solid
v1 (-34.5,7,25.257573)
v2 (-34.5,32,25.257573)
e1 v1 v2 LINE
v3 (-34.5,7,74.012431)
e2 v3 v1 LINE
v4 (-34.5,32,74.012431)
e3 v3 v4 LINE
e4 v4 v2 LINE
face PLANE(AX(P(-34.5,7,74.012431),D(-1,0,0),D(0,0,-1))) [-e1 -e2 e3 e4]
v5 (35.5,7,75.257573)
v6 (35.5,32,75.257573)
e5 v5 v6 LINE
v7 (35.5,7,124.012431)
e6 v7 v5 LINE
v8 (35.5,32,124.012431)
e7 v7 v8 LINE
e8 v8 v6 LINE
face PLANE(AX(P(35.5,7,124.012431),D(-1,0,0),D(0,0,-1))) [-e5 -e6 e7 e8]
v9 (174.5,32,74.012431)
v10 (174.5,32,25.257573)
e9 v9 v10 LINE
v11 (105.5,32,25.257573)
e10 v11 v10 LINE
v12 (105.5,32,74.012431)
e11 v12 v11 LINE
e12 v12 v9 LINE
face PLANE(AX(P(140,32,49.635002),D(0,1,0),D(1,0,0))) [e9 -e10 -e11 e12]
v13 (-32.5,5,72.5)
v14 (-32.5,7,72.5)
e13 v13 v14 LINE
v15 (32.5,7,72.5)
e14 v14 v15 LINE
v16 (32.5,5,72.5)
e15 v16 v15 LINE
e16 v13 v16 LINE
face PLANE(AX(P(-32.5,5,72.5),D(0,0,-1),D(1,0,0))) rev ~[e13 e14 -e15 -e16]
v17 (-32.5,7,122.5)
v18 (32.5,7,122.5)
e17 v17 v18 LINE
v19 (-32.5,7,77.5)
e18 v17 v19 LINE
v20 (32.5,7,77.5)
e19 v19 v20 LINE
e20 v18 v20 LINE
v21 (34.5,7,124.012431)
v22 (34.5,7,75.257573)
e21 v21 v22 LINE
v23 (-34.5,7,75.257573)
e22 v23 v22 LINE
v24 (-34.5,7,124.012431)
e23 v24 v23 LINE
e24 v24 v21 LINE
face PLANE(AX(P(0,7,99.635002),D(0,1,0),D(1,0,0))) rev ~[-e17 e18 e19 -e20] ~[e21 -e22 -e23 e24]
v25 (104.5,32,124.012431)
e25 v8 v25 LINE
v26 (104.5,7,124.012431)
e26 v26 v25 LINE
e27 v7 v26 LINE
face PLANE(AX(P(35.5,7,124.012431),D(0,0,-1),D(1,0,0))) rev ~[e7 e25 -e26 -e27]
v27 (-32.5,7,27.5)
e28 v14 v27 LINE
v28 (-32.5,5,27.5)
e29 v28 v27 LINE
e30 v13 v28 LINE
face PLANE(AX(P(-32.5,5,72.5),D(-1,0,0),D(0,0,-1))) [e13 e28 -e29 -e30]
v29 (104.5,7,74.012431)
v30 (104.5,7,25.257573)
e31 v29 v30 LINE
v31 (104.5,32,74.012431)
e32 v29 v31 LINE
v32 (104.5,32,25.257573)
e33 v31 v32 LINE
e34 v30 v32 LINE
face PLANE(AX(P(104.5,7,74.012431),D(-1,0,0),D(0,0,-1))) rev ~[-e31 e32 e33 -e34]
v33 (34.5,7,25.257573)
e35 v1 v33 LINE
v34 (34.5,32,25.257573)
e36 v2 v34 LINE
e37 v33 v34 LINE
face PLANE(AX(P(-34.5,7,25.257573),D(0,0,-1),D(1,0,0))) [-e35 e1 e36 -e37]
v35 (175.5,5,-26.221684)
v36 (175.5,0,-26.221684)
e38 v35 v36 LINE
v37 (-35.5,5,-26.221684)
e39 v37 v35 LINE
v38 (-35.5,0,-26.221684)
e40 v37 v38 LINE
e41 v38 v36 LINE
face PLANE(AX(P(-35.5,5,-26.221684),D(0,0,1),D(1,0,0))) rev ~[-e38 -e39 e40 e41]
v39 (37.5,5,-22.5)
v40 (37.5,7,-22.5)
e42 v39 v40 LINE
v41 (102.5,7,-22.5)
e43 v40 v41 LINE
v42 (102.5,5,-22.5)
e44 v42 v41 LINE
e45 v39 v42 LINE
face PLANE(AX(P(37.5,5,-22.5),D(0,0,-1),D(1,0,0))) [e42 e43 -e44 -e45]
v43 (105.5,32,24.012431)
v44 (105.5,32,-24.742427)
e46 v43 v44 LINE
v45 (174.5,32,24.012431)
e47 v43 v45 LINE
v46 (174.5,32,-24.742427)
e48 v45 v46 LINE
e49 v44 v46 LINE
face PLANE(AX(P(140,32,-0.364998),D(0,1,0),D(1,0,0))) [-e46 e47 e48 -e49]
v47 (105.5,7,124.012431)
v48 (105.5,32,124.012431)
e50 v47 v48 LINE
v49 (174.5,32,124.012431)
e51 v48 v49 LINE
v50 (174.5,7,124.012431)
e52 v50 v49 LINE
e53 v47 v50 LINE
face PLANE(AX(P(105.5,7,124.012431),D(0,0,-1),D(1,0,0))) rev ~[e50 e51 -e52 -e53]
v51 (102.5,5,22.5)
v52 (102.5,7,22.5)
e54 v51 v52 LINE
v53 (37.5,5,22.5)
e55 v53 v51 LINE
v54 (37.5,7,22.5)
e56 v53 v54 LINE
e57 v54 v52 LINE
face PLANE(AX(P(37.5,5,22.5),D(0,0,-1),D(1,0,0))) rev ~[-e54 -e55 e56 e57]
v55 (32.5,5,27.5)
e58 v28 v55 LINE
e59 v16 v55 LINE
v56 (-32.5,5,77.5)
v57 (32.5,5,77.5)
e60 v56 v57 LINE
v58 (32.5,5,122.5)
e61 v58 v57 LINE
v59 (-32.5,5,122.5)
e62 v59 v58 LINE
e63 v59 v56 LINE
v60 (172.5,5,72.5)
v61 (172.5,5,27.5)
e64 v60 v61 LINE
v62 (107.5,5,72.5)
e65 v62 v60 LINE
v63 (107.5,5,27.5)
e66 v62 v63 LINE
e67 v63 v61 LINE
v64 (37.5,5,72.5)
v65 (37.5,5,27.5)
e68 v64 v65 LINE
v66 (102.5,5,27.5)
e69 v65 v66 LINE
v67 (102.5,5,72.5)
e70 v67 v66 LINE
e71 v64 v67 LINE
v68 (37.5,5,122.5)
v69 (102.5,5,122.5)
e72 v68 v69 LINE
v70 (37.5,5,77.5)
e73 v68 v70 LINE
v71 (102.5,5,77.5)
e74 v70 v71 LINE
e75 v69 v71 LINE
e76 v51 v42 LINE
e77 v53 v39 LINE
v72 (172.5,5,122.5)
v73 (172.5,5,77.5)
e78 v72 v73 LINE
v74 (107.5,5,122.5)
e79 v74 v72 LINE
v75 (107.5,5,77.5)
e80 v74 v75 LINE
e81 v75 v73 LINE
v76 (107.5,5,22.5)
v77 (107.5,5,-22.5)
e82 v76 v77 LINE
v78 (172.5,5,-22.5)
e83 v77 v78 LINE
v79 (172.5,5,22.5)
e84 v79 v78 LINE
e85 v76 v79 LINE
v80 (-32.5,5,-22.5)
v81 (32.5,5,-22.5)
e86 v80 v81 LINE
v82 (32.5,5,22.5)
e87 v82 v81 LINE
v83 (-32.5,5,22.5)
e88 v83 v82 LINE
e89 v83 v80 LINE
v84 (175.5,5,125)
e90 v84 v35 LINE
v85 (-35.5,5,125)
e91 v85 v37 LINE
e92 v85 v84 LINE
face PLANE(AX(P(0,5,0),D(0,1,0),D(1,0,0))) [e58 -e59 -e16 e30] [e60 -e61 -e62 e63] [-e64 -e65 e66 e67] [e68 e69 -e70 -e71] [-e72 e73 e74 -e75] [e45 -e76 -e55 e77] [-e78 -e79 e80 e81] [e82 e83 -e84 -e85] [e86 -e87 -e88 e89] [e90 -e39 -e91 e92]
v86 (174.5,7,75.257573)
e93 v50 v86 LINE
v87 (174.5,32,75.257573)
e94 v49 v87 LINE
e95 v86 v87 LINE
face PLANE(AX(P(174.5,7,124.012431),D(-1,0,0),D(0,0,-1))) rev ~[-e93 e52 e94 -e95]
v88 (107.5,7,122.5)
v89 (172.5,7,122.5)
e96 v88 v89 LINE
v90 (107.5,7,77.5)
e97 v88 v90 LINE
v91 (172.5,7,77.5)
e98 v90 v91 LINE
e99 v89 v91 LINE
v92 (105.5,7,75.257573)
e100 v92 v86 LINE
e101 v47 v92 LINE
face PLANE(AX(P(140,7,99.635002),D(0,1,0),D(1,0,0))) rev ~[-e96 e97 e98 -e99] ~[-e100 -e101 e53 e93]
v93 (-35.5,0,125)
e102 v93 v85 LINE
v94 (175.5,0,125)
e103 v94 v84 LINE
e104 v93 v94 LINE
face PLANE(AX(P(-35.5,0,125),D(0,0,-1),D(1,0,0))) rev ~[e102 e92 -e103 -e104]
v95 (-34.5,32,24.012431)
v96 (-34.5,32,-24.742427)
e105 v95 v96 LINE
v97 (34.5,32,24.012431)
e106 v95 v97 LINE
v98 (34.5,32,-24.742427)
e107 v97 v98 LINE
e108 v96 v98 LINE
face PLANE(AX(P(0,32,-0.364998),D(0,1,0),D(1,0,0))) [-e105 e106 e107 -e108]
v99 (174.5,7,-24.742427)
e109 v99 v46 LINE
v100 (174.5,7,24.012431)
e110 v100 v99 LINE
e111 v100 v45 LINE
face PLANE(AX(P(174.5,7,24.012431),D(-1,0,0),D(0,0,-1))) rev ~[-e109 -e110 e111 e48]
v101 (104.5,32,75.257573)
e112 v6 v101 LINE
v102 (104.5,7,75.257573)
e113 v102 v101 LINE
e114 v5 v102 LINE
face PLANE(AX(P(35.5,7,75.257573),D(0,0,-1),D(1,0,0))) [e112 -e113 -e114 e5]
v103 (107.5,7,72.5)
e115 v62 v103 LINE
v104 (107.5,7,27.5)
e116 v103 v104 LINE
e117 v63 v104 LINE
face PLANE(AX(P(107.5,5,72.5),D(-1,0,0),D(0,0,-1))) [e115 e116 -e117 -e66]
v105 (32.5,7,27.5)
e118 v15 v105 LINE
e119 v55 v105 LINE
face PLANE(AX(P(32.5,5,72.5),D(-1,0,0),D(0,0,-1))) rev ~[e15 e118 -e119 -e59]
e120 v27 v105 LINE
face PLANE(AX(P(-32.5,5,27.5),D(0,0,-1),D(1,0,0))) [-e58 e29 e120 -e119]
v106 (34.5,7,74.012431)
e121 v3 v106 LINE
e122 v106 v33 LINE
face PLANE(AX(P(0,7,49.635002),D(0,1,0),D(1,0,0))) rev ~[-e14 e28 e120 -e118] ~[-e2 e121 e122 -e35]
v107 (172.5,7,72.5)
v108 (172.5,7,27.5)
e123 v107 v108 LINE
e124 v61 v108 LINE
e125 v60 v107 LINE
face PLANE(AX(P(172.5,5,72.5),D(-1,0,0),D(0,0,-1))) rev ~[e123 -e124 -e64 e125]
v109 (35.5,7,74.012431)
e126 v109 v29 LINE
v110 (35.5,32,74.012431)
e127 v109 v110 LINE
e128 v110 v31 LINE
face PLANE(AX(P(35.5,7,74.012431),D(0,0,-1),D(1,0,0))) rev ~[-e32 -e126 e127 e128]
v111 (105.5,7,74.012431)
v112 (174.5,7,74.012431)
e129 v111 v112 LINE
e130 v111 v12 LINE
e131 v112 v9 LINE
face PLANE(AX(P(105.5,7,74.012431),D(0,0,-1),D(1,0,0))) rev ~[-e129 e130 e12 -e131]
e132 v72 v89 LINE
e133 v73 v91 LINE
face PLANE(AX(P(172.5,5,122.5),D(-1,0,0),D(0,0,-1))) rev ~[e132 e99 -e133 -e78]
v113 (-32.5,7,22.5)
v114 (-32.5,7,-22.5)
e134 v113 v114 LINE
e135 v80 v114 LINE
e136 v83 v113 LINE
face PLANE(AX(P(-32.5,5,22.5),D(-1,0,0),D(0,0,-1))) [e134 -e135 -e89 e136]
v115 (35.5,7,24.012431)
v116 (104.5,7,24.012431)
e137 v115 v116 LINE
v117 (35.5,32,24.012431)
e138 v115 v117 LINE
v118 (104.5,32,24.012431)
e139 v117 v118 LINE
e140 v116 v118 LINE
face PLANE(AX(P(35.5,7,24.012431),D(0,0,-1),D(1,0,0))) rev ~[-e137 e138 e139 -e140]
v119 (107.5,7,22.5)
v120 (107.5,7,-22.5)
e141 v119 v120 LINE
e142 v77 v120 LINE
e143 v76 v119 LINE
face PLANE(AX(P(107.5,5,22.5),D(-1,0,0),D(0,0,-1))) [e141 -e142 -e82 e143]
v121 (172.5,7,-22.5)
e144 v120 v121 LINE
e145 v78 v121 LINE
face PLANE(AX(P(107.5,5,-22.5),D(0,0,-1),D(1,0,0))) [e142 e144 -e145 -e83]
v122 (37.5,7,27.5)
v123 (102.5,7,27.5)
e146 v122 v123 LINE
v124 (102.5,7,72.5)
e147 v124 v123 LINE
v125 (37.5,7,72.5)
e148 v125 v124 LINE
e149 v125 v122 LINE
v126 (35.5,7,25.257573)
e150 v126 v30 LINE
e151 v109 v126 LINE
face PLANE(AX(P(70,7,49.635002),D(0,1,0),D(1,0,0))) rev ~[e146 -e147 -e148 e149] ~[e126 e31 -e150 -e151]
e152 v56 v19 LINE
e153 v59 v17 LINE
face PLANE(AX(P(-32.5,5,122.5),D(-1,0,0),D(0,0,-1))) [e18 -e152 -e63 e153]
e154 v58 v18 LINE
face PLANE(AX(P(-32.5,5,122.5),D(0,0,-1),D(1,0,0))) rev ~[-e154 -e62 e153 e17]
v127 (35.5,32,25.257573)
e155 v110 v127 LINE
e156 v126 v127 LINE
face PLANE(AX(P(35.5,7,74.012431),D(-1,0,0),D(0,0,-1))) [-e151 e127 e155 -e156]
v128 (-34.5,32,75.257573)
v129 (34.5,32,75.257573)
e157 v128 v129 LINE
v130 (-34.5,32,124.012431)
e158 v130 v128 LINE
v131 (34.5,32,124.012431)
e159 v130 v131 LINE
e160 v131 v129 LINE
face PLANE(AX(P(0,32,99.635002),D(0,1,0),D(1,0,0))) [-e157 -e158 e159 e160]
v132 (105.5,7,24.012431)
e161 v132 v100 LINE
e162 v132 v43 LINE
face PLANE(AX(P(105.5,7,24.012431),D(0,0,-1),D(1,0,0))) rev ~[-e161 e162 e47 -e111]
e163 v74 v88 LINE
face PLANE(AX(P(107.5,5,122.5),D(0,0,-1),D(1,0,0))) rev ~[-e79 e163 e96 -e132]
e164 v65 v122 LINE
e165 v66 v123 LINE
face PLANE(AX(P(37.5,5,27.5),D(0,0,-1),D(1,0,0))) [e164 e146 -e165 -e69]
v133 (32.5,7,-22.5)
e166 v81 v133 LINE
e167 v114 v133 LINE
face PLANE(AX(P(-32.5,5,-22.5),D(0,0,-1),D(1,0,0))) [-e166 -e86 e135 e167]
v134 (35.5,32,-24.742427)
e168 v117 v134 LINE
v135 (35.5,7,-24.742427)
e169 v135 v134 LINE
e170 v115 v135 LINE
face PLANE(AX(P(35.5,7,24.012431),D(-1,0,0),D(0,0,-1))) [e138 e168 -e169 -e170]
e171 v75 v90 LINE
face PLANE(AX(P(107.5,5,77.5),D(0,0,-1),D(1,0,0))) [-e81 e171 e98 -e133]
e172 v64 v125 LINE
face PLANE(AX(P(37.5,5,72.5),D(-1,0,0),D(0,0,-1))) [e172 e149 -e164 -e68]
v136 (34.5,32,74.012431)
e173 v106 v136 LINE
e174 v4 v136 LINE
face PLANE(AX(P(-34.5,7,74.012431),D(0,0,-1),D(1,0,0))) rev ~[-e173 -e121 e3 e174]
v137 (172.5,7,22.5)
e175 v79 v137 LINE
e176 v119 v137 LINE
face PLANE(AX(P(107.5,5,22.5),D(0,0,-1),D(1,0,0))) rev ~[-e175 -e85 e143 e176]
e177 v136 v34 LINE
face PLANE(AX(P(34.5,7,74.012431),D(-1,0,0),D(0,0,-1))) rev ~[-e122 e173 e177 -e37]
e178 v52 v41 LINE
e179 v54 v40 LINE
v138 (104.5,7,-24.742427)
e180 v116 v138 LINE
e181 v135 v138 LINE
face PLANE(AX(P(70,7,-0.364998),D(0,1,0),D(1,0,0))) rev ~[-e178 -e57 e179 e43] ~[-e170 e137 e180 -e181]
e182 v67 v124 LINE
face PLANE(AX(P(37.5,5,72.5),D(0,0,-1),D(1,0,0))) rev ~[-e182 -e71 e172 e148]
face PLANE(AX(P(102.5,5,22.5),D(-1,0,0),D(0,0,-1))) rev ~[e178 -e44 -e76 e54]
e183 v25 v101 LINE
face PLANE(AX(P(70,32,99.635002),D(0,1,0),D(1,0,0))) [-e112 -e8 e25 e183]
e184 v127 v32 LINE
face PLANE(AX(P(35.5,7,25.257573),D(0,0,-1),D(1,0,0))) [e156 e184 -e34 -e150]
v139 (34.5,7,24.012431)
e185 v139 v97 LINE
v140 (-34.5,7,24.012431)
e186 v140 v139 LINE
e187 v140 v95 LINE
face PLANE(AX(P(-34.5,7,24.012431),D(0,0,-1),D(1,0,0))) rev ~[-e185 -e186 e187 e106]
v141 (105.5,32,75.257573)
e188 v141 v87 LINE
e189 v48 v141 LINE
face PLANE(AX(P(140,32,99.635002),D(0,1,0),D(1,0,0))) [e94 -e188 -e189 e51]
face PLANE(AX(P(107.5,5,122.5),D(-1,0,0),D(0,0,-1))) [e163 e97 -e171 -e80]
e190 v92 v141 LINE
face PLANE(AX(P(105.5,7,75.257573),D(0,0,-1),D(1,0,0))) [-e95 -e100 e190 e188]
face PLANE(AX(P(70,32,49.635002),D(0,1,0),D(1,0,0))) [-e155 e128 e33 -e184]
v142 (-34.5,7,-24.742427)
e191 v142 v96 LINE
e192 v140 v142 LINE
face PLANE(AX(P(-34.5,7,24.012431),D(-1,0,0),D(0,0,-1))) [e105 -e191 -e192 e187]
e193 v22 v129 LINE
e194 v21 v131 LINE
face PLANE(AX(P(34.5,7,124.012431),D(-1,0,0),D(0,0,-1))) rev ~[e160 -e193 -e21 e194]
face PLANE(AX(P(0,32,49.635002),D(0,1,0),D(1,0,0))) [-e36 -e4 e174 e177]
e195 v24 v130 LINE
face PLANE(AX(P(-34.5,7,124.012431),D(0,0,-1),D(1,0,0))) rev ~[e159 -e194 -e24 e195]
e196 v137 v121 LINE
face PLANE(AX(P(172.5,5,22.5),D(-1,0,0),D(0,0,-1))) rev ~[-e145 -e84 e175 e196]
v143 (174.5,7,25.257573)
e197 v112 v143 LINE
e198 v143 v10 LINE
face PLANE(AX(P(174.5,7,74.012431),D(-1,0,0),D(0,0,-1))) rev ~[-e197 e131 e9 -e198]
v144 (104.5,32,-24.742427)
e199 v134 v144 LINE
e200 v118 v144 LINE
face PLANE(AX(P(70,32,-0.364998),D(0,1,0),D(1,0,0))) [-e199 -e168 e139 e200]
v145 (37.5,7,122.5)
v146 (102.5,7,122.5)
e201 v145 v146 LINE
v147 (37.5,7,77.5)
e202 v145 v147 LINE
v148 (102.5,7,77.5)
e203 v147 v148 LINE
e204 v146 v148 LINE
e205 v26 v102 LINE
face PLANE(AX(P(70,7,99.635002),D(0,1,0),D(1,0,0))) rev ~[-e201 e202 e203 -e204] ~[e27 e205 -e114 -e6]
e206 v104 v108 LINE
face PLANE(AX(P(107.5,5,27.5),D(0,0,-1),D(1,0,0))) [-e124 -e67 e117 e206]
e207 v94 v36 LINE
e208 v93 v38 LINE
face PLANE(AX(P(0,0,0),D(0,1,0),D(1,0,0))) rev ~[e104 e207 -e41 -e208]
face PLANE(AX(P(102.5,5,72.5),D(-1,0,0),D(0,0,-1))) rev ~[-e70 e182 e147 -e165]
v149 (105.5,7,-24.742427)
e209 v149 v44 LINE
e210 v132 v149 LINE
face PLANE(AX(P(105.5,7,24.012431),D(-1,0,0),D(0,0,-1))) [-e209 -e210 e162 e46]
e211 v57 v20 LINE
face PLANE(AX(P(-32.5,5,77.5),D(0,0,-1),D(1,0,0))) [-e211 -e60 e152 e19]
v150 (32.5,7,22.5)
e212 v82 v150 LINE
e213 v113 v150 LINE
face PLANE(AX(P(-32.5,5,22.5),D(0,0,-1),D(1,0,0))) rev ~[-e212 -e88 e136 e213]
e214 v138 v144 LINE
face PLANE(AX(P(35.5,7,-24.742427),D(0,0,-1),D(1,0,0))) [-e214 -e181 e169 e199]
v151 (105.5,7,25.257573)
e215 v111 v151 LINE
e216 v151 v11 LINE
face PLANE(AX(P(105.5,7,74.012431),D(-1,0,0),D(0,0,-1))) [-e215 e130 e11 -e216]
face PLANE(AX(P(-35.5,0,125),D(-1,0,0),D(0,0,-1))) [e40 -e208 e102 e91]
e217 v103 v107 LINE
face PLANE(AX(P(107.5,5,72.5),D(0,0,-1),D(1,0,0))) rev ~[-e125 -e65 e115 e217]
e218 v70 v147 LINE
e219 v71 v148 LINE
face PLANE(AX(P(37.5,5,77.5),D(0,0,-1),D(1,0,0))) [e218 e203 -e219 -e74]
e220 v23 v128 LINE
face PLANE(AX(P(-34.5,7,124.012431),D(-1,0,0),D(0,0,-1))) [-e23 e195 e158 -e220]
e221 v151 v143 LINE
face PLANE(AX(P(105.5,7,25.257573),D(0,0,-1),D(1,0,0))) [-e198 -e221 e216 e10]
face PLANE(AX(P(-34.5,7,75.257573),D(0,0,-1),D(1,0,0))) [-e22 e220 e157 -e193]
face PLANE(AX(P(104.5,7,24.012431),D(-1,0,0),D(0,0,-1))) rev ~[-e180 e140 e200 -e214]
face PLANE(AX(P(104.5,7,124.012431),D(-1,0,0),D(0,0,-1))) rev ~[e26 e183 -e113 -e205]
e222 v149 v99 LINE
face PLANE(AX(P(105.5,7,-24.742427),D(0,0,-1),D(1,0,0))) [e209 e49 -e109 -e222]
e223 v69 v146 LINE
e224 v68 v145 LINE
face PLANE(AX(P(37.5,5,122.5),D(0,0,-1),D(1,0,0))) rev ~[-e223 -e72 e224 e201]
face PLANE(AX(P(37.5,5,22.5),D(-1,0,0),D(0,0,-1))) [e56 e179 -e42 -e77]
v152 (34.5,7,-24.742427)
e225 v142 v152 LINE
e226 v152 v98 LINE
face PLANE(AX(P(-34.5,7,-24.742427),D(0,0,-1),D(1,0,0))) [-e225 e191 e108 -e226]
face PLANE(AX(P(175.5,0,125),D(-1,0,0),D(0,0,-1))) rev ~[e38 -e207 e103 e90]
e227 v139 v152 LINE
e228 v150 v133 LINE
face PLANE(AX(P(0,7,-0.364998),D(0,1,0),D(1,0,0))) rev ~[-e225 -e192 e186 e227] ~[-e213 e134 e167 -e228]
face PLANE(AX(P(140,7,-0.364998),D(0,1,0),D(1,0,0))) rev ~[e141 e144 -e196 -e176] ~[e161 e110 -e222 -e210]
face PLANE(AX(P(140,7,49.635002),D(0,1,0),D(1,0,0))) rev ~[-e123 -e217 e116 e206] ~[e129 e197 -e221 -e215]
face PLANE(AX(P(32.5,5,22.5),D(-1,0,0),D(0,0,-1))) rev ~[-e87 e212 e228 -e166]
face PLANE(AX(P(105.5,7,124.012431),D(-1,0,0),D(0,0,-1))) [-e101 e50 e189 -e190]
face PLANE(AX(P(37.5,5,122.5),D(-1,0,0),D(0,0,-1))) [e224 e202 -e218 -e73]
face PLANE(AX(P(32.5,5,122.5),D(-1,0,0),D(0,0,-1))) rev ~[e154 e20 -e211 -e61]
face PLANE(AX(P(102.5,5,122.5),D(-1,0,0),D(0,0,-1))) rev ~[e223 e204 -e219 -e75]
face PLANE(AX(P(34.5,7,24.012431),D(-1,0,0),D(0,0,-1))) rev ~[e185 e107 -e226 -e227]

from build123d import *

# Parameters (mm, degrees)
SKETCH1_W                 = 71
SKETCH1_H                 = 250
BOSS_EXTRUDE1_DEPTH       = 5
SKETCH2_W                 = 65
SKETCH2_H                 = 45
BOSS_EXTRUDE3_DEPTH       = 2
LPATTERN1_COUNT           = 3
LPATTERN1_PITCH           = 50
SKETCH3_W                 = 69
SKETCH3_H                 = 48.754858224
BOSS_EXTRUDE8_DEPTH       = 25
LPATTERN5_COUNT           = 3
LPATTERN5_PITCH           = 50
LPATTERN6_COUNT           = 3
LPATTERN6_PITCH           = 70
LPATTERN6_COPY_1_SKETCH_W = 65
LPATTERN6_COPY_1_SKETCH_H = 45
LPATTERN6_COPY_1_DEPTH    = 2
LPATTERN6_COPY_2_SKETCH_W = 65
LPATTERN6_COPY_2_SKETCH_H = 45
LPATTERN6_COPY_2_DEPTH    = 2
LPATTERN6_COPY_3_SKETCH_W = 65
LPATTERN6_COPY_3_SKETCH_H = 45
LPATTERN6_COPY_3_DEPTH    = 2
LPATTERN6_COPY_4_SKETCH_W = 65
LPATTERN6_COPY_4_SKETCH_H = 45
LPATTERN6_COPY_4_DEPTH    = 2
LPATTERN6_COPY_5_SKETCH_W = 69
LPATTERN6_COPY_5_SKETCH_H = 48.754858224
LPATTERN6_COPY_5_DEPTH    = 25
LPATTERN6_COPY_6_SKETCH_W = 69
LPATTERN6_COPY_6_SKETCH_H = 48.754858224
LPATTERN6_COPY_6_DEPTH    = 25
LPATTERN6_COPY_7_SKETCH_W = 69
LPATTERN6_COPY_7_SKETCH_H = 48.754858224
LPATTERN6_COPY_7_DEPTH    = 25
LPATTERN6_COPY_8_SKETCH_W = 69
LPATTERN6_COPY_8_SKETCH_H = 48.754858224
LPATTERN6_COPY_8_DEPTH    = 25
SKETCH6_W                 = 211
SKETCH6_H                 = 98.778316014
CUT_EXTRUDE1_DEPTH        = 10


with BuildPart() as part:
    # Sketch1 → Boss-Extrude1 (new body)
    with BuildSketch(Plane(origin=(0, 0, 0), x_dir=(1, 0, 0), z_dir=(0, 1, 0))):
        Rectangle(SKETCH1_W, SKETCH1_H)
    boss_extrude1 = extrude(amount=BOSS_EXTRUDE1_DEPTH)

    # Sketch2 → Boss-Extrude3 (add)
    with BuildSketch(Plane(origin=(0, 5, 0), x_dir=(1, 0, 0), z_dir=(0, 1, 0))):
        with Locations((0, -100)):
            Rectangle(SKETCH2_W, SKETCH2_H)
    boss_extrude3 = extrude(amount=BOSS_EXTRUDE3_DEPTH)

    # LPattern1: Boss-Extrude3 ×3
    with Locations(*[(0, 0, -i * LPATTERN1_PITCH) for i in range(1, LPATTERN1_COUNT)]):
        add(boss_extrude3)

    # Sketch3 → Boss-Extrude8 (add)
    with BuildSketch(Plane(origin=(0, 7, 0), x_dir=(1, 0, 0), z_dir=(0, 1, 0))):
        with Locations((0, -99.635002086)):
            Rectangle(SKETCH3_W, SKETCH3_H)
    boss_extrude8 = extrude(amount=BOSS_EXTRUDE8_DEPTH)

    # LPattern5: Boss-Extrude8 ×3
    with Locations(*[(0, 0, -i * LPATTERN5_PITCH) for i in range(1, LPATTERN5_COUNT)]):
        add(boss_extrude8)

    # LPattern6: Boss-Extrude1, Boss-Extrude3, Boss-Extrude8 ×3
    with Locations(*[(i * LPATTERN6_PITCH, 0, 0) for i in range(1, LPATTERN6_COUNT)]):
        add(boss_extrude1)
        add(boss_extrude3)
        add(boss_extrude8)

    # LPattern6 copy 1 sketch → LPattern6 copy 1 (add)
    with BuildSketch(Plane(origin=(70, 5, -50), x_dir=(1, 0, 0), z_dir=(0, 1, 0))):
        with Locations((0, -100)):
            Rectangle(LPATTERN6_COPY_1_SKETCH_W, LPATTERN6_COPY_1_SKETCH_H)
    extrude(amount=LPATTERN6_COPY_1_DEPTH)

    # LPattern6 copy 2 sketch → LPattern6 copy 2 (add)
    with BuildSketch(Plane(origin=(140, 5, -50), x_dir=(1, 0, 0), z_dir=(0, 1, 0))):
        with Locations((0, -100)):
            Rectangle(LPATTERN6_COPY_2_SKETCH_W, LPATTERN6_COPY_2_SKETCH_H)
    extrude(amount=LPATTERN6_COPY_2_DEPTH)

    # LPattern6 copy 3 sketch → LPattern6 copy 3 (add)
    with BuildSketch(Plane(origin=(70, 5, -100), x_dir=(1, 0, 0), z_dir=(0, 1, 0))):
        with Locations((0, -100)):
            Rectangle(LPATTERN6_COPY_3_SKETCH_W, LPATTERN6_COPY_3_SKETCH_H)
    extrude(amount=LPATTERN6_COPY_3_DEPTH)

    # LPattern6 copy 4 sketch → LPattern6 copy 4 (add)
    with BuildSketch(Plane(origin=(140, 5, -100), x_dir=(1, 0, 0), z_dir=(0, 1, 0))):
        with Locations((0, -100)):
            Rectangle(LPATTERN6_COPY_4_SKETCH_W, LPATTERN6_COPY_4_SKETCH_H)
    extrude(amount=LPATTERN6_COPY_4_DEPTH)

    # LPattern6 copy 5 sketch → LPattern6 copy 5 (add)
    with BuildSketch(Plane(origin=(70, 7, -50), x_dir=(1, 0, 0), z_dir=(0, 1, 0))):
        with Locations((0, -99.635002086)):
            Rectangle(LPATTERN6_COPY_5_SKETCH_W, LPATTERN6_COPY_5_SKETCH_H)
    extrude(amount=LPATTERN6_COPY_5_DEPTH)

    # LPattern6 copy 6 sketch → LPattern6 copy 6 (add)
    with BuildSketch(Plane(origin=(140, 7, -50), x_dir=(1, 0, 0), z_dir=(0, 1, 0))):
        with Locations((0, -99.635002086)):
            Rectangle(LPATTERN6_COPY_6_SKETCH_W, LPATTERN6_COPY_6_SKETCH_H)
    extrude(amount=LPATTERN6_COPY_6_DEPTH)

    # LPattern6 copy 7 sketch → LPattern6 copy 7 (add)
    with BuildSketch(Plane(origin=(70, 7, -100), x_dir=(1, 0, 0), z_dir=(0, 1, 0))):
        with Locations((0, -99.635002086)):
            Rectangle(LPATTERN6_COPY_7_SKETCH_W, LPATTERN6_COPY_7_SKETCH_H)
    extrude(amount=LPATTERN6_COPY_7_DEPTH)

    # LPattern6 copy 8 sketch → LPattern6 copy 8 (add)
    with BuildSketch(Plane(origin=(140, 7, -100), x_dir=(1, 0, 0), z_dir=(0, 1, 0))):
        with Locations((0, -99.635002086)):
            Rectangle(LPATTERN6_COPY_8_SKETCH_W, LPATTERN6_COPY_8_SKETCH_H)
    extrude(amount=LPATTERN6_COPY_8_DEPTH)

    # Sketch6 → Cut-Extrude1 (cut)
    with BuildSketch(Plane(origin=(0, 5, 0), x_dir=(1, 0, 0), z_dir=(0, 1, 0))):
        with Locations((70, 75.610841993)):
            Rectangle(SKETCH6_W, SKETCH6_H)
    extrude(amount=-CUT_EXTRUDE1_DEPTH, mode=Mode.SUBTRACT)


solid = part.part
